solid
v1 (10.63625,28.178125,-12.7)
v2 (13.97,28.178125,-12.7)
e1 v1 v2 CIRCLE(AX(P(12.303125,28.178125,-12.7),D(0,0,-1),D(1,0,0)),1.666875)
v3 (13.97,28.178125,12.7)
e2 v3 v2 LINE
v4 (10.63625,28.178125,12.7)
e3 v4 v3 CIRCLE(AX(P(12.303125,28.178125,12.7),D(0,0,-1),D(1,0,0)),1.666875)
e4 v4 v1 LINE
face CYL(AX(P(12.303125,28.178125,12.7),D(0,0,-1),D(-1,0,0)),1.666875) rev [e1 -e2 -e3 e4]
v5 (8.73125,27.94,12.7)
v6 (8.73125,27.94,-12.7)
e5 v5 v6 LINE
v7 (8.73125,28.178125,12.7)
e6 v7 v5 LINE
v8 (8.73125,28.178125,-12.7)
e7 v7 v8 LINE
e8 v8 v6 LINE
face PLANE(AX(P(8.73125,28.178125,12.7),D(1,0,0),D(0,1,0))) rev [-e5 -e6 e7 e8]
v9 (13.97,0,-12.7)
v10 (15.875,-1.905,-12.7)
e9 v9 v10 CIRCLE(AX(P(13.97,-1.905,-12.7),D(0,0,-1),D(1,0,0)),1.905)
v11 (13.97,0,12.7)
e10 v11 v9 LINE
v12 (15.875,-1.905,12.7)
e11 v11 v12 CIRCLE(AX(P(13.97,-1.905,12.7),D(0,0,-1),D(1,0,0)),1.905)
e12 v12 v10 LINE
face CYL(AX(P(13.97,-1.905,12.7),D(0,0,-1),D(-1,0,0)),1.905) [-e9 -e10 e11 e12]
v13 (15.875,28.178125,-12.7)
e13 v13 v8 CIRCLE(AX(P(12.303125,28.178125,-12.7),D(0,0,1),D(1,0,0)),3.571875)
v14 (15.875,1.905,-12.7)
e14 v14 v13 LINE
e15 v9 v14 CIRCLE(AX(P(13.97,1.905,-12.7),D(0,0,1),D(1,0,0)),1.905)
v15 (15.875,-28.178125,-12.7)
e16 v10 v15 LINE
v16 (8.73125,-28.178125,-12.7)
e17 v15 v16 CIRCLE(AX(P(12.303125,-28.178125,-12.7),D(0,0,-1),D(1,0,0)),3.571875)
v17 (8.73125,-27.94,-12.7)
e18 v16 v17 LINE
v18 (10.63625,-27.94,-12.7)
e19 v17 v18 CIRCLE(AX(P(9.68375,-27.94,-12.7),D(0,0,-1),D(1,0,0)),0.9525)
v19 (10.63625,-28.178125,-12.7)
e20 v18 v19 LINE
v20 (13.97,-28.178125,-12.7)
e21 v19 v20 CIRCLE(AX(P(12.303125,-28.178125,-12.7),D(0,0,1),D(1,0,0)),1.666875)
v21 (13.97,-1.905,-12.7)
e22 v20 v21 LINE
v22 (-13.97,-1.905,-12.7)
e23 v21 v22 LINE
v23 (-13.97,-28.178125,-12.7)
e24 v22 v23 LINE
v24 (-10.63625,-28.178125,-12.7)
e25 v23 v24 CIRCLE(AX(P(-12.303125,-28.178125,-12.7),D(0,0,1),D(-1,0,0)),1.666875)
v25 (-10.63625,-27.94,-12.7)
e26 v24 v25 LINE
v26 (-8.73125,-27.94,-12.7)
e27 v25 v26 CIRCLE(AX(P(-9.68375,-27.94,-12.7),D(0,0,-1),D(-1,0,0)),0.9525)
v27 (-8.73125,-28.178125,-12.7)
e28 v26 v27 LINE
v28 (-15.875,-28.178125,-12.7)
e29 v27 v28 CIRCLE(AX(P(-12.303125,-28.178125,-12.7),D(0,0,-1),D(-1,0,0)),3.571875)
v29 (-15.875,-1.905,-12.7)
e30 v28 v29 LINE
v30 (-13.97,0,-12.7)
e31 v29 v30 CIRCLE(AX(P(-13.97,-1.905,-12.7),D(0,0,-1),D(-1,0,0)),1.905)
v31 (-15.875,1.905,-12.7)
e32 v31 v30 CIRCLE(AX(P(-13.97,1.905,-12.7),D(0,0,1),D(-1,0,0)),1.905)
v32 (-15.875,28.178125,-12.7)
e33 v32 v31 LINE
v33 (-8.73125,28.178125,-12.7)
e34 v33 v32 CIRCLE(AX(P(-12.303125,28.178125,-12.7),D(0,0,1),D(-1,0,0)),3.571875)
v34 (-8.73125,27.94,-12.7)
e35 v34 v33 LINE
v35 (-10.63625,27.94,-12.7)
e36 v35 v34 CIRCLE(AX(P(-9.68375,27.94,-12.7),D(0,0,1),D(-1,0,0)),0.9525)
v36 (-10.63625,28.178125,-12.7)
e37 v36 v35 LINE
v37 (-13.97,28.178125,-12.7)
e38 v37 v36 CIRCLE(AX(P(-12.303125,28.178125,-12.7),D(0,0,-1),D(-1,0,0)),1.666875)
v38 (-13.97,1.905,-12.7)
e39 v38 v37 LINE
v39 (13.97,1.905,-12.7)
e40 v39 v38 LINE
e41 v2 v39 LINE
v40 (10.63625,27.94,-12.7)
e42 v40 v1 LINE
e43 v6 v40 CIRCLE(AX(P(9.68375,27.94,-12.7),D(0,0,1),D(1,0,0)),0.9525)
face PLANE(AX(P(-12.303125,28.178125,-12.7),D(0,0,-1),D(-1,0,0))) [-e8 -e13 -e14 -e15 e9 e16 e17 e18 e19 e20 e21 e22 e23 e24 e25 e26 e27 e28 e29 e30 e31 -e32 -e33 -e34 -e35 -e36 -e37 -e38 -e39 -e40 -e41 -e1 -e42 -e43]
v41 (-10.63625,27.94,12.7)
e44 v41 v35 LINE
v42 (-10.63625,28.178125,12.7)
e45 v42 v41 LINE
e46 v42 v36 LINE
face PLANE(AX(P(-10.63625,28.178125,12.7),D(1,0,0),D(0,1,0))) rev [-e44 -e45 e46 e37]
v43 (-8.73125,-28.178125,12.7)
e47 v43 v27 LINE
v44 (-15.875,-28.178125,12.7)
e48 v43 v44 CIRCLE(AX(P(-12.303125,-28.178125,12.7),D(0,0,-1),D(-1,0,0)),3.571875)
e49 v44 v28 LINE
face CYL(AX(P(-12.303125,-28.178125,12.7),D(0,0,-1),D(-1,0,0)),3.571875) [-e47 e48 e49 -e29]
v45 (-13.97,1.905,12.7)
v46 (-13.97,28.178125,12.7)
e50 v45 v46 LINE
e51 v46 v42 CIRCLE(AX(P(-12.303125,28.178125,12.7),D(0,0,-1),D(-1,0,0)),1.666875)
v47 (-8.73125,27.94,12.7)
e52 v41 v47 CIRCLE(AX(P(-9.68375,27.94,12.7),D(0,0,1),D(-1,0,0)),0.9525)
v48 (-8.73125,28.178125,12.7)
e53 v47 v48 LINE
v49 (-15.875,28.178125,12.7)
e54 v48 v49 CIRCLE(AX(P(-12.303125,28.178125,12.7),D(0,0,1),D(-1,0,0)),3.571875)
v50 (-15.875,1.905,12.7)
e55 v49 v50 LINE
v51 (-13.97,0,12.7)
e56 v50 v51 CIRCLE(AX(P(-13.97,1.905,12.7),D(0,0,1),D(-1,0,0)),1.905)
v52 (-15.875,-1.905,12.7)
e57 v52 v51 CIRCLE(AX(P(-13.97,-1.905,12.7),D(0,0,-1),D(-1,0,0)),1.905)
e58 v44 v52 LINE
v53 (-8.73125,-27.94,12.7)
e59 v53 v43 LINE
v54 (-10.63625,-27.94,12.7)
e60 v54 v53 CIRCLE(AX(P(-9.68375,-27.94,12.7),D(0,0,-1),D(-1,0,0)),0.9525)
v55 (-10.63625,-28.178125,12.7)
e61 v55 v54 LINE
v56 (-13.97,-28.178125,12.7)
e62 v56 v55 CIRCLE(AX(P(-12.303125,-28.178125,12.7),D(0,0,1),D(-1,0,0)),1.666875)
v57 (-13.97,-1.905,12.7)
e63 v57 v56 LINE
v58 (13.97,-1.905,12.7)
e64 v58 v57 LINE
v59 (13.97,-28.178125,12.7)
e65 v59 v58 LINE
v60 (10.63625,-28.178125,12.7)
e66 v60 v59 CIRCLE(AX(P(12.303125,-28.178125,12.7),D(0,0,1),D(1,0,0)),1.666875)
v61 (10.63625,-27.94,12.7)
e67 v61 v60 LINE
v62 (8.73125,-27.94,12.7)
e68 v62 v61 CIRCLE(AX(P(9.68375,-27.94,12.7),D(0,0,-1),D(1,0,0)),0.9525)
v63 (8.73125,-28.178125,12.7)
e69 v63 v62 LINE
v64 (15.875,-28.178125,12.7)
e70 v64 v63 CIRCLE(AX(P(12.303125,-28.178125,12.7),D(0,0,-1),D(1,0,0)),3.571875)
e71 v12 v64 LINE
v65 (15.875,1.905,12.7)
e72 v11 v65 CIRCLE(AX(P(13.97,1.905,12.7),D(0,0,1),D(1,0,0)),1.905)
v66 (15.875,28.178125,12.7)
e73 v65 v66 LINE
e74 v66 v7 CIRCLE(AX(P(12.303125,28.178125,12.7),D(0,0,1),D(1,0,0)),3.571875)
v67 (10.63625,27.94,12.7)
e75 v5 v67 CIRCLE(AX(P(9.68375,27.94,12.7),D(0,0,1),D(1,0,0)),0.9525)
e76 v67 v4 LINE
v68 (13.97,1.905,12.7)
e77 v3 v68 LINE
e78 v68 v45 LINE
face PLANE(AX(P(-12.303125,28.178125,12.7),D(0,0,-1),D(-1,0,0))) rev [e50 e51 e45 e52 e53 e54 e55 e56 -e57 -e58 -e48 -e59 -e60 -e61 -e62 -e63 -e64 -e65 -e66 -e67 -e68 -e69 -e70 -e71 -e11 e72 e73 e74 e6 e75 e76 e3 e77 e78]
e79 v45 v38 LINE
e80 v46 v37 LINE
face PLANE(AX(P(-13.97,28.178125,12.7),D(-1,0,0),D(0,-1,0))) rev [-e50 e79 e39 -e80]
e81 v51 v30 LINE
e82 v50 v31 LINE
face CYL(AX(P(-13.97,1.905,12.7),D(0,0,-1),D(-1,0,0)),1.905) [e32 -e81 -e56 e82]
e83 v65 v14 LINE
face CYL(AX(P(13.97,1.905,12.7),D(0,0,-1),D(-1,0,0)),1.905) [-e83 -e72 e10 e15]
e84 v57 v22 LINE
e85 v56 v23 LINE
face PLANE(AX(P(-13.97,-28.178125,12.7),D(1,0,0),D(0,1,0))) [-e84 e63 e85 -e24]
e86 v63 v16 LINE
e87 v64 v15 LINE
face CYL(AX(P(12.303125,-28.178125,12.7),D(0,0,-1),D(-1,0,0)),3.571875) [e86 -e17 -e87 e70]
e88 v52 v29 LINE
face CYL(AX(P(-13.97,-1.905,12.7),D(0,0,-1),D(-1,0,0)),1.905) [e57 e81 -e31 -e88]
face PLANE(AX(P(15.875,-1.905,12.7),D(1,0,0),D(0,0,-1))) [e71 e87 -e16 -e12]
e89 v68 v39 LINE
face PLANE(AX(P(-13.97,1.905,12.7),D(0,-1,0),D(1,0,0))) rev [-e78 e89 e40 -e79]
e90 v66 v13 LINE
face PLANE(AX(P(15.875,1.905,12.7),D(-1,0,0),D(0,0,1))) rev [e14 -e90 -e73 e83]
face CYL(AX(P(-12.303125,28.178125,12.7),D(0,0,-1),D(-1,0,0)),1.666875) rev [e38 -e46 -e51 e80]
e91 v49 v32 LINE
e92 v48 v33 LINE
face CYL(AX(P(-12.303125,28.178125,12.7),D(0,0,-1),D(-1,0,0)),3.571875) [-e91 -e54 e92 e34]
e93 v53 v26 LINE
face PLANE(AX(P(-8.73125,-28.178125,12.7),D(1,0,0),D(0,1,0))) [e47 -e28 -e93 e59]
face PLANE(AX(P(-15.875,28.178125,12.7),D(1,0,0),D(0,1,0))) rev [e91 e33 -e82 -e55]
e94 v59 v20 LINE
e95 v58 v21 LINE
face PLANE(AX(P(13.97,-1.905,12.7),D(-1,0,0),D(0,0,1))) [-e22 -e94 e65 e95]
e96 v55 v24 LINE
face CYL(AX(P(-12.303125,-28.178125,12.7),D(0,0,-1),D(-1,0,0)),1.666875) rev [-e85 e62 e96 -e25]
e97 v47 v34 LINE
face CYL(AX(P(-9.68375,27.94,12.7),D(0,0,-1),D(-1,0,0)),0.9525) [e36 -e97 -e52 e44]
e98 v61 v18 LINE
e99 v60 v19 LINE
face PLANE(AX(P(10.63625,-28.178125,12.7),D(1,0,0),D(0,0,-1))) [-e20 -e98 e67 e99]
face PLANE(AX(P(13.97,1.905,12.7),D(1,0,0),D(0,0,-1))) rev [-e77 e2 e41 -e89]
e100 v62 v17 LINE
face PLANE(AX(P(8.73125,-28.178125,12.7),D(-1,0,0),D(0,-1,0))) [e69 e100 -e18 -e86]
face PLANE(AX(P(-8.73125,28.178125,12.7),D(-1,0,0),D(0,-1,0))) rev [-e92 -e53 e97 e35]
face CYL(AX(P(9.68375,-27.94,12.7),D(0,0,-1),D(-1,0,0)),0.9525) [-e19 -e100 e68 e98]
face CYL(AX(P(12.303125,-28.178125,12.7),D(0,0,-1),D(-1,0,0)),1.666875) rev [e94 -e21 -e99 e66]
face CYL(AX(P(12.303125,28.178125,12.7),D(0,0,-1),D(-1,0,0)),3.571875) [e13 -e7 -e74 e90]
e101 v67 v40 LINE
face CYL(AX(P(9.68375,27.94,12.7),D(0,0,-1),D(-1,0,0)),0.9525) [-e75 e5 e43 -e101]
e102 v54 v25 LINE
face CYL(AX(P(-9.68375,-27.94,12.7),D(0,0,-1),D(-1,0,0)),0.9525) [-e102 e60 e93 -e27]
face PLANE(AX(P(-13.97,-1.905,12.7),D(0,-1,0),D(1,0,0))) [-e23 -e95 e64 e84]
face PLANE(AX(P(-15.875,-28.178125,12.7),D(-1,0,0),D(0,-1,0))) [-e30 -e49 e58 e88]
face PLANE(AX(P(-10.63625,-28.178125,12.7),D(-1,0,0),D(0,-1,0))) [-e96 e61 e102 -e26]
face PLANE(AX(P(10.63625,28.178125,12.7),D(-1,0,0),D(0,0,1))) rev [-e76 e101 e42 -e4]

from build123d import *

# Parameters (mm, degrees)
BASE_EXTRUDE_DEPTH = 12.7


with BuildPart() as part:
    # Sketch1 → Base-Extrude (new, symmetric)
    with BuildSketch(Plane.XY):
        with BuildLine():
            Line((-15.875, 28.178125), (-15.875, 1.905))
            ThreePointArc((-15.875, 1.905), (-15.317038418, 0.557961582), (-13.97, 0))
            Line((-13.97, 0), (13.97, 0))
            ThreePointArc((13.97, 0), (15.317038418, 0.557961582), (15.875, 1.905))
            Line((15.875, 1.905), (15.875, 28.178125))
            ThreePointArc((15.875, 28.178125), (12.303125, 31.75), (8.73125, 28.178125))
            Line((8.73125, 28.178125), (8.73125, 27.94))
            ThreePointArc((8.73125, 27.94), (9.68375, 26.9875), (10.63625, 27.94))
            Line((10.63625, 27.94), (10.63625, 28.178125))
            ThreePointArc((10.63625, 28.178125), (12.303125, 29.845), (13.97, 28.178125))
            Line((13.97, 28.178125), (13.97, 1.905))
            Line((13.97, 1.905), (-13.97, 1.905))
            Line((-13.97, 1.905), (-13.97, 28.178125))
            ThreePointArc((-13.97, 28.178125), (-12.303125, 29.845), (-10.63625, 28.178125))
            Line((-10.63625, 28.178125), (-10.63625, 27.94))
            ThreePointArc((-10.63625, 27.94), (-9.68375, 26.9875), (-8.73125, 27.94))
            Line((-8.73125, 27.94), (-8.73125, 28.178125))
            ThreePointArc((-8.73125, 28.178125), (-12.303125, 31.75), (-15.875, 28.178125))
        make_face()
    base_extrude = extrude(amount=BASE_EXTRUDE_DEPTH, both=True)

    # Mirror1: Base-Extrude across plane
    add(base_extrude.mirror(Plane.ZX))


solid = part.part
